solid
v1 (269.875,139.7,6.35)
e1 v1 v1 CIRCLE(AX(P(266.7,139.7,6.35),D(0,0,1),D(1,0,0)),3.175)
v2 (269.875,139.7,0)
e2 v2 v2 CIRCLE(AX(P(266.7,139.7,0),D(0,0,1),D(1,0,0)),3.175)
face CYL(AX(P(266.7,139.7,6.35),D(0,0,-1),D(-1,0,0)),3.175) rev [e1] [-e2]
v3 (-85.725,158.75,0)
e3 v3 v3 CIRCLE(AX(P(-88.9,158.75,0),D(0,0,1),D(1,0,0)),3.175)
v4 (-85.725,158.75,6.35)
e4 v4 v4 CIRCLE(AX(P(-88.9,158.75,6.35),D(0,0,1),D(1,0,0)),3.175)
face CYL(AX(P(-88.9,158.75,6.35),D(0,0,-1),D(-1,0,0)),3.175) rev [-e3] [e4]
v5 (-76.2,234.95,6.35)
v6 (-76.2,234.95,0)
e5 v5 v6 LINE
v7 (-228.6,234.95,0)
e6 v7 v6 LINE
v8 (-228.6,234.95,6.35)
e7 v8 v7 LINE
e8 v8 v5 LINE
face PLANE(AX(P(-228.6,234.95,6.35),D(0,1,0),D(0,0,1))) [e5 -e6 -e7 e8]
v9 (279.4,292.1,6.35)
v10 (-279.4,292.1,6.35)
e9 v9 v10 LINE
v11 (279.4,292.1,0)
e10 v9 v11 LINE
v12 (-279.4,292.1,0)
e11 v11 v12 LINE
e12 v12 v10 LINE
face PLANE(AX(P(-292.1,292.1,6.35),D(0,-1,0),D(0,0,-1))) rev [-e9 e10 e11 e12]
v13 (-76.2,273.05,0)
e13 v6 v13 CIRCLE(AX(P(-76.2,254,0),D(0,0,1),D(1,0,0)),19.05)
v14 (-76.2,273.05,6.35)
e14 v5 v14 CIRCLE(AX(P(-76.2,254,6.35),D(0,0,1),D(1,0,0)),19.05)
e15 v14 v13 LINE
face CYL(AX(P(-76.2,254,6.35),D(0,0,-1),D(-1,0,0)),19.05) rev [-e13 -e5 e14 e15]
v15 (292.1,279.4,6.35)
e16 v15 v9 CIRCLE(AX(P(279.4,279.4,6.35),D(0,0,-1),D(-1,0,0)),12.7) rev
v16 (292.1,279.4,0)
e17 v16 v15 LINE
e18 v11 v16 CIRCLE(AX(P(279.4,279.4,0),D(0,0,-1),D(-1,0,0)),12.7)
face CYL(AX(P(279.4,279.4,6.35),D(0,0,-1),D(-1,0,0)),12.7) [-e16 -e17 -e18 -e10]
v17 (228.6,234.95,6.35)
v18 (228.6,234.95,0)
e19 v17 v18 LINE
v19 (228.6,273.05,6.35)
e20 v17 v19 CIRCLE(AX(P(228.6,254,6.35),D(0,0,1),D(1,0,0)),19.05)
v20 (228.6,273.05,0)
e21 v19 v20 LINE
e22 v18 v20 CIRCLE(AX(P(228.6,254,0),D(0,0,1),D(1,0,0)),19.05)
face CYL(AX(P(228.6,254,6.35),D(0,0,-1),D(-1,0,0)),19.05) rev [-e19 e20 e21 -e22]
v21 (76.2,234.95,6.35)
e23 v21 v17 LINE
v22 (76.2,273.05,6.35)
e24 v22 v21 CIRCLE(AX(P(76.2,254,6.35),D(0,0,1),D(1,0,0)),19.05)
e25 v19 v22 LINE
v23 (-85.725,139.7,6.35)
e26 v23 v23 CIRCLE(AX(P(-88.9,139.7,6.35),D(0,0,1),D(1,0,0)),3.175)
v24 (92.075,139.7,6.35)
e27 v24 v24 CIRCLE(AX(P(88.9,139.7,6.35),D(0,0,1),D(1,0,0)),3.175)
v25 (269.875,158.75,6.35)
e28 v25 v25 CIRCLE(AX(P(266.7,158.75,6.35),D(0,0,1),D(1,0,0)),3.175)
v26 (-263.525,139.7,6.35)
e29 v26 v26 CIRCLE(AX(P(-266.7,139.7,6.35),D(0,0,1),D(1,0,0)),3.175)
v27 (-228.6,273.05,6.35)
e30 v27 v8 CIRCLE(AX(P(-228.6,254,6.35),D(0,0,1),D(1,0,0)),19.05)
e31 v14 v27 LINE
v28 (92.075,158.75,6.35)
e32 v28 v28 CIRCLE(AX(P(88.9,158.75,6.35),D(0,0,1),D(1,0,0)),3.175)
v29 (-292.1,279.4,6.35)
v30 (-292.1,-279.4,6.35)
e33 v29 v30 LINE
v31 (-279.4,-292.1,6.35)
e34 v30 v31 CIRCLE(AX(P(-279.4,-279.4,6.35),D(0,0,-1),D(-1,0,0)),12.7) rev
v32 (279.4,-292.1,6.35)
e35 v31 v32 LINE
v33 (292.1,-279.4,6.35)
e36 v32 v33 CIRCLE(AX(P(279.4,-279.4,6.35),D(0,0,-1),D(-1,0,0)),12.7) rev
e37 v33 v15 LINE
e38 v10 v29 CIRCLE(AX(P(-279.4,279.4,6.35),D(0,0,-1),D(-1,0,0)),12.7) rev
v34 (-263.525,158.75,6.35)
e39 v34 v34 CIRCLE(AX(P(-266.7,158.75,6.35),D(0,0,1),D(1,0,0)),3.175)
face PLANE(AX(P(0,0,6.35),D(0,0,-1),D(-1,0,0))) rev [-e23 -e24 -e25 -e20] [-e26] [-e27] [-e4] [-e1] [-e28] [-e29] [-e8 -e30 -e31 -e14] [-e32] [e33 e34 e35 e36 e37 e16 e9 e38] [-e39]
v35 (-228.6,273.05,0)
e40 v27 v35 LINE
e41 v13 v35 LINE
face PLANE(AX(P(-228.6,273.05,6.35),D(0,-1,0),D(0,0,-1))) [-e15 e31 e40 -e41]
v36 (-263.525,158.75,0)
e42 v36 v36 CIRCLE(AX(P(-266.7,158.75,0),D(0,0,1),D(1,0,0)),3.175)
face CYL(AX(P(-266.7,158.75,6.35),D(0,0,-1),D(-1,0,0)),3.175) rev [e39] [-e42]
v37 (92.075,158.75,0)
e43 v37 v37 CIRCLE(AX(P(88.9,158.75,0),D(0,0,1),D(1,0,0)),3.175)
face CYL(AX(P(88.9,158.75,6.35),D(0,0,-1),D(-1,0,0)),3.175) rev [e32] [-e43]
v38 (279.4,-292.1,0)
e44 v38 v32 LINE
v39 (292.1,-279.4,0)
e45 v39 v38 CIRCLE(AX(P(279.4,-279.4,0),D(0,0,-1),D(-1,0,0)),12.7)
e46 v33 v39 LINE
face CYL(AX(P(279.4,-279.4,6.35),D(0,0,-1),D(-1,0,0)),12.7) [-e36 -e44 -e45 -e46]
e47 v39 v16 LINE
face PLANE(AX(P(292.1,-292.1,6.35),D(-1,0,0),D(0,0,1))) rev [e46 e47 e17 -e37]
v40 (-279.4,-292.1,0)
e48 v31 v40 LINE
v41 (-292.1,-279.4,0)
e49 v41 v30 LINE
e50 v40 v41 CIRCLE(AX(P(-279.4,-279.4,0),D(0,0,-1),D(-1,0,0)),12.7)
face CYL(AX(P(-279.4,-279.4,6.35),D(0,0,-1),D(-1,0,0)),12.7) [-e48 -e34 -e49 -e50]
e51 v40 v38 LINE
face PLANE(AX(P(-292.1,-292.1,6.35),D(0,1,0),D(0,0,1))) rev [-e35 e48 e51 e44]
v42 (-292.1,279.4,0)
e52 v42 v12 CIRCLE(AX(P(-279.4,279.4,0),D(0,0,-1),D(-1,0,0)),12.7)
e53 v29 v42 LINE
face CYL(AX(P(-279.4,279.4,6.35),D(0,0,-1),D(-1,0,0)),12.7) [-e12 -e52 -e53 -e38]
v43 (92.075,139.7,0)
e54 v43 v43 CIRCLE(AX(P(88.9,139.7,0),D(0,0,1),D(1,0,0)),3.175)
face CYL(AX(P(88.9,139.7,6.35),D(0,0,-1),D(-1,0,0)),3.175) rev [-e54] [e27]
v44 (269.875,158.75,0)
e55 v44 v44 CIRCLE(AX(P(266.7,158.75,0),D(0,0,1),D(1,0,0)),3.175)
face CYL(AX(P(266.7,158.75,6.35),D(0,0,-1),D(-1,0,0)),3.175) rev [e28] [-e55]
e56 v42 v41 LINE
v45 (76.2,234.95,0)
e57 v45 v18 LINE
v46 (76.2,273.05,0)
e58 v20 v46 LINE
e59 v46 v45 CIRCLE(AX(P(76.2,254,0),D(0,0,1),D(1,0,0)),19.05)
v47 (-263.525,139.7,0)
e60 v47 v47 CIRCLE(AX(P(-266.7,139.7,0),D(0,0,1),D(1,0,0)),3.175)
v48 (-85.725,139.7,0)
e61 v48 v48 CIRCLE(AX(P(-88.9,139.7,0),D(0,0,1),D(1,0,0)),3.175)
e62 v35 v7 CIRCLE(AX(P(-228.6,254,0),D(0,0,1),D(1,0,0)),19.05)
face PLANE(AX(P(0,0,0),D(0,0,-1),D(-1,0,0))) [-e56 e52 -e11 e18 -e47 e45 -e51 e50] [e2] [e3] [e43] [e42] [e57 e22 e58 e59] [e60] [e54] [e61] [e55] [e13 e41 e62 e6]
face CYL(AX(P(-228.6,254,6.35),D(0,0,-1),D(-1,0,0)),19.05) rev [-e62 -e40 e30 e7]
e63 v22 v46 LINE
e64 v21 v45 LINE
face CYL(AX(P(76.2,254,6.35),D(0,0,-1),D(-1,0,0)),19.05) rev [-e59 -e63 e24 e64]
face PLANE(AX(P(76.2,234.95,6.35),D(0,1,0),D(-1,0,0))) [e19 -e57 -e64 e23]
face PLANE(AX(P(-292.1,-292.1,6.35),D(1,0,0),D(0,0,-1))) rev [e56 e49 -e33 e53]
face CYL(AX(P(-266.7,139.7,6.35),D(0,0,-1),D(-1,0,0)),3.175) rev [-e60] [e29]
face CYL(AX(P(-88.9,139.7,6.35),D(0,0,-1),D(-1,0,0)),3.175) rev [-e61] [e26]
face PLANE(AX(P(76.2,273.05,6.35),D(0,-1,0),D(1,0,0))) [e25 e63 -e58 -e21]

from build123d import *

# Parameters (mm, degrees)
SKETCH1_W           = 584.2
SKETCH1_H           = 584.2
SKETCH1_R           = 3.175
BOSS_EXTRUDE1_DEPTH = 6.35
FILLET1_R           = 12.7


with BuildPart() as part:
    # Sketch1 → Boss-Extrude1 (new body)
    with BuildSketch(Plane.XY):
        Rectangle(SKETCH1_W, SKETCH1_H)
        with Locations((-266.7, 139.7)):
            Circle(SKETCH1_R, mode=Mode.SUBTRACT)
        with Locations((-88.9, 139.7)):
            Circle(SKETCH1_R, mode=Mode.SUBTRACT)
        with Locations((88.9, 139.7)):
            Circle(SKETCH1_R, mode=Mode.SUBTRACT)
        with Locations((266.7, 139.7)):
            Circle(SKETCH1_R, mode=Mode.SUBTRACT)
        with Locations((-88.9, 158.75)):
            Circle(SKETCH1_R, mode=Mode.SUBTRACT)
        with Locations((88.9, 158.75)):
            Circle(SKETCH1_R, mode=Mode.SUBTRACT)
        with Locations((266.7, 158.75)):
            Circle(SKETCH1_R, mode=Mode.SUBTRACT)
        with Locations((-266.7, 158.75)):
            Circle(SKETCH1_R, mode=Mode.SUBTRACT)
        with BuildLine():
            Line((-228.6, 273.05), (-76.2, 273.05))
            ThreePointArc((-76.2, 273.05), (-57.15, 254), (-76.2, 234.95))
            Line((-76.2, 234.95), (-228.6, 234.95))
            ThreePointArc((-228.6, 234.95), (-247.65, 254), (-228.6, 273.05))
        make_face(mode=Mode.SUBTRACT)
        with BuildLine():
            Line((76.2, 273.05), (228.6, 273.05))
            ThreePointArc((228.6, 273.05), (247.65, 254), (228.6, 234.95))
            Line((228.6, 234.95), (76.2, 234.95))
            ThreePointArc((76.2, 234.95), (57.15, 254), (76.2, 273.05))
        make_face(mode=Mode.SUBTRACT)
    extrude(amount=BOSS_EXTRUDE1_DEPTH)

    # Fillet1
    fillet1_edges = [part.edges().sort_by_distance(p)[0] for p in [
        (292.1, -292.1, 3.175),
        (-292.1, -292.1, 3.175),
        (-292.1, 292.1, 3.175),
        (292.1, 292.1, 3.175),
    ]]
    fillet(fillet1_edges, radius=FILLET1_R)


solid = part.part
